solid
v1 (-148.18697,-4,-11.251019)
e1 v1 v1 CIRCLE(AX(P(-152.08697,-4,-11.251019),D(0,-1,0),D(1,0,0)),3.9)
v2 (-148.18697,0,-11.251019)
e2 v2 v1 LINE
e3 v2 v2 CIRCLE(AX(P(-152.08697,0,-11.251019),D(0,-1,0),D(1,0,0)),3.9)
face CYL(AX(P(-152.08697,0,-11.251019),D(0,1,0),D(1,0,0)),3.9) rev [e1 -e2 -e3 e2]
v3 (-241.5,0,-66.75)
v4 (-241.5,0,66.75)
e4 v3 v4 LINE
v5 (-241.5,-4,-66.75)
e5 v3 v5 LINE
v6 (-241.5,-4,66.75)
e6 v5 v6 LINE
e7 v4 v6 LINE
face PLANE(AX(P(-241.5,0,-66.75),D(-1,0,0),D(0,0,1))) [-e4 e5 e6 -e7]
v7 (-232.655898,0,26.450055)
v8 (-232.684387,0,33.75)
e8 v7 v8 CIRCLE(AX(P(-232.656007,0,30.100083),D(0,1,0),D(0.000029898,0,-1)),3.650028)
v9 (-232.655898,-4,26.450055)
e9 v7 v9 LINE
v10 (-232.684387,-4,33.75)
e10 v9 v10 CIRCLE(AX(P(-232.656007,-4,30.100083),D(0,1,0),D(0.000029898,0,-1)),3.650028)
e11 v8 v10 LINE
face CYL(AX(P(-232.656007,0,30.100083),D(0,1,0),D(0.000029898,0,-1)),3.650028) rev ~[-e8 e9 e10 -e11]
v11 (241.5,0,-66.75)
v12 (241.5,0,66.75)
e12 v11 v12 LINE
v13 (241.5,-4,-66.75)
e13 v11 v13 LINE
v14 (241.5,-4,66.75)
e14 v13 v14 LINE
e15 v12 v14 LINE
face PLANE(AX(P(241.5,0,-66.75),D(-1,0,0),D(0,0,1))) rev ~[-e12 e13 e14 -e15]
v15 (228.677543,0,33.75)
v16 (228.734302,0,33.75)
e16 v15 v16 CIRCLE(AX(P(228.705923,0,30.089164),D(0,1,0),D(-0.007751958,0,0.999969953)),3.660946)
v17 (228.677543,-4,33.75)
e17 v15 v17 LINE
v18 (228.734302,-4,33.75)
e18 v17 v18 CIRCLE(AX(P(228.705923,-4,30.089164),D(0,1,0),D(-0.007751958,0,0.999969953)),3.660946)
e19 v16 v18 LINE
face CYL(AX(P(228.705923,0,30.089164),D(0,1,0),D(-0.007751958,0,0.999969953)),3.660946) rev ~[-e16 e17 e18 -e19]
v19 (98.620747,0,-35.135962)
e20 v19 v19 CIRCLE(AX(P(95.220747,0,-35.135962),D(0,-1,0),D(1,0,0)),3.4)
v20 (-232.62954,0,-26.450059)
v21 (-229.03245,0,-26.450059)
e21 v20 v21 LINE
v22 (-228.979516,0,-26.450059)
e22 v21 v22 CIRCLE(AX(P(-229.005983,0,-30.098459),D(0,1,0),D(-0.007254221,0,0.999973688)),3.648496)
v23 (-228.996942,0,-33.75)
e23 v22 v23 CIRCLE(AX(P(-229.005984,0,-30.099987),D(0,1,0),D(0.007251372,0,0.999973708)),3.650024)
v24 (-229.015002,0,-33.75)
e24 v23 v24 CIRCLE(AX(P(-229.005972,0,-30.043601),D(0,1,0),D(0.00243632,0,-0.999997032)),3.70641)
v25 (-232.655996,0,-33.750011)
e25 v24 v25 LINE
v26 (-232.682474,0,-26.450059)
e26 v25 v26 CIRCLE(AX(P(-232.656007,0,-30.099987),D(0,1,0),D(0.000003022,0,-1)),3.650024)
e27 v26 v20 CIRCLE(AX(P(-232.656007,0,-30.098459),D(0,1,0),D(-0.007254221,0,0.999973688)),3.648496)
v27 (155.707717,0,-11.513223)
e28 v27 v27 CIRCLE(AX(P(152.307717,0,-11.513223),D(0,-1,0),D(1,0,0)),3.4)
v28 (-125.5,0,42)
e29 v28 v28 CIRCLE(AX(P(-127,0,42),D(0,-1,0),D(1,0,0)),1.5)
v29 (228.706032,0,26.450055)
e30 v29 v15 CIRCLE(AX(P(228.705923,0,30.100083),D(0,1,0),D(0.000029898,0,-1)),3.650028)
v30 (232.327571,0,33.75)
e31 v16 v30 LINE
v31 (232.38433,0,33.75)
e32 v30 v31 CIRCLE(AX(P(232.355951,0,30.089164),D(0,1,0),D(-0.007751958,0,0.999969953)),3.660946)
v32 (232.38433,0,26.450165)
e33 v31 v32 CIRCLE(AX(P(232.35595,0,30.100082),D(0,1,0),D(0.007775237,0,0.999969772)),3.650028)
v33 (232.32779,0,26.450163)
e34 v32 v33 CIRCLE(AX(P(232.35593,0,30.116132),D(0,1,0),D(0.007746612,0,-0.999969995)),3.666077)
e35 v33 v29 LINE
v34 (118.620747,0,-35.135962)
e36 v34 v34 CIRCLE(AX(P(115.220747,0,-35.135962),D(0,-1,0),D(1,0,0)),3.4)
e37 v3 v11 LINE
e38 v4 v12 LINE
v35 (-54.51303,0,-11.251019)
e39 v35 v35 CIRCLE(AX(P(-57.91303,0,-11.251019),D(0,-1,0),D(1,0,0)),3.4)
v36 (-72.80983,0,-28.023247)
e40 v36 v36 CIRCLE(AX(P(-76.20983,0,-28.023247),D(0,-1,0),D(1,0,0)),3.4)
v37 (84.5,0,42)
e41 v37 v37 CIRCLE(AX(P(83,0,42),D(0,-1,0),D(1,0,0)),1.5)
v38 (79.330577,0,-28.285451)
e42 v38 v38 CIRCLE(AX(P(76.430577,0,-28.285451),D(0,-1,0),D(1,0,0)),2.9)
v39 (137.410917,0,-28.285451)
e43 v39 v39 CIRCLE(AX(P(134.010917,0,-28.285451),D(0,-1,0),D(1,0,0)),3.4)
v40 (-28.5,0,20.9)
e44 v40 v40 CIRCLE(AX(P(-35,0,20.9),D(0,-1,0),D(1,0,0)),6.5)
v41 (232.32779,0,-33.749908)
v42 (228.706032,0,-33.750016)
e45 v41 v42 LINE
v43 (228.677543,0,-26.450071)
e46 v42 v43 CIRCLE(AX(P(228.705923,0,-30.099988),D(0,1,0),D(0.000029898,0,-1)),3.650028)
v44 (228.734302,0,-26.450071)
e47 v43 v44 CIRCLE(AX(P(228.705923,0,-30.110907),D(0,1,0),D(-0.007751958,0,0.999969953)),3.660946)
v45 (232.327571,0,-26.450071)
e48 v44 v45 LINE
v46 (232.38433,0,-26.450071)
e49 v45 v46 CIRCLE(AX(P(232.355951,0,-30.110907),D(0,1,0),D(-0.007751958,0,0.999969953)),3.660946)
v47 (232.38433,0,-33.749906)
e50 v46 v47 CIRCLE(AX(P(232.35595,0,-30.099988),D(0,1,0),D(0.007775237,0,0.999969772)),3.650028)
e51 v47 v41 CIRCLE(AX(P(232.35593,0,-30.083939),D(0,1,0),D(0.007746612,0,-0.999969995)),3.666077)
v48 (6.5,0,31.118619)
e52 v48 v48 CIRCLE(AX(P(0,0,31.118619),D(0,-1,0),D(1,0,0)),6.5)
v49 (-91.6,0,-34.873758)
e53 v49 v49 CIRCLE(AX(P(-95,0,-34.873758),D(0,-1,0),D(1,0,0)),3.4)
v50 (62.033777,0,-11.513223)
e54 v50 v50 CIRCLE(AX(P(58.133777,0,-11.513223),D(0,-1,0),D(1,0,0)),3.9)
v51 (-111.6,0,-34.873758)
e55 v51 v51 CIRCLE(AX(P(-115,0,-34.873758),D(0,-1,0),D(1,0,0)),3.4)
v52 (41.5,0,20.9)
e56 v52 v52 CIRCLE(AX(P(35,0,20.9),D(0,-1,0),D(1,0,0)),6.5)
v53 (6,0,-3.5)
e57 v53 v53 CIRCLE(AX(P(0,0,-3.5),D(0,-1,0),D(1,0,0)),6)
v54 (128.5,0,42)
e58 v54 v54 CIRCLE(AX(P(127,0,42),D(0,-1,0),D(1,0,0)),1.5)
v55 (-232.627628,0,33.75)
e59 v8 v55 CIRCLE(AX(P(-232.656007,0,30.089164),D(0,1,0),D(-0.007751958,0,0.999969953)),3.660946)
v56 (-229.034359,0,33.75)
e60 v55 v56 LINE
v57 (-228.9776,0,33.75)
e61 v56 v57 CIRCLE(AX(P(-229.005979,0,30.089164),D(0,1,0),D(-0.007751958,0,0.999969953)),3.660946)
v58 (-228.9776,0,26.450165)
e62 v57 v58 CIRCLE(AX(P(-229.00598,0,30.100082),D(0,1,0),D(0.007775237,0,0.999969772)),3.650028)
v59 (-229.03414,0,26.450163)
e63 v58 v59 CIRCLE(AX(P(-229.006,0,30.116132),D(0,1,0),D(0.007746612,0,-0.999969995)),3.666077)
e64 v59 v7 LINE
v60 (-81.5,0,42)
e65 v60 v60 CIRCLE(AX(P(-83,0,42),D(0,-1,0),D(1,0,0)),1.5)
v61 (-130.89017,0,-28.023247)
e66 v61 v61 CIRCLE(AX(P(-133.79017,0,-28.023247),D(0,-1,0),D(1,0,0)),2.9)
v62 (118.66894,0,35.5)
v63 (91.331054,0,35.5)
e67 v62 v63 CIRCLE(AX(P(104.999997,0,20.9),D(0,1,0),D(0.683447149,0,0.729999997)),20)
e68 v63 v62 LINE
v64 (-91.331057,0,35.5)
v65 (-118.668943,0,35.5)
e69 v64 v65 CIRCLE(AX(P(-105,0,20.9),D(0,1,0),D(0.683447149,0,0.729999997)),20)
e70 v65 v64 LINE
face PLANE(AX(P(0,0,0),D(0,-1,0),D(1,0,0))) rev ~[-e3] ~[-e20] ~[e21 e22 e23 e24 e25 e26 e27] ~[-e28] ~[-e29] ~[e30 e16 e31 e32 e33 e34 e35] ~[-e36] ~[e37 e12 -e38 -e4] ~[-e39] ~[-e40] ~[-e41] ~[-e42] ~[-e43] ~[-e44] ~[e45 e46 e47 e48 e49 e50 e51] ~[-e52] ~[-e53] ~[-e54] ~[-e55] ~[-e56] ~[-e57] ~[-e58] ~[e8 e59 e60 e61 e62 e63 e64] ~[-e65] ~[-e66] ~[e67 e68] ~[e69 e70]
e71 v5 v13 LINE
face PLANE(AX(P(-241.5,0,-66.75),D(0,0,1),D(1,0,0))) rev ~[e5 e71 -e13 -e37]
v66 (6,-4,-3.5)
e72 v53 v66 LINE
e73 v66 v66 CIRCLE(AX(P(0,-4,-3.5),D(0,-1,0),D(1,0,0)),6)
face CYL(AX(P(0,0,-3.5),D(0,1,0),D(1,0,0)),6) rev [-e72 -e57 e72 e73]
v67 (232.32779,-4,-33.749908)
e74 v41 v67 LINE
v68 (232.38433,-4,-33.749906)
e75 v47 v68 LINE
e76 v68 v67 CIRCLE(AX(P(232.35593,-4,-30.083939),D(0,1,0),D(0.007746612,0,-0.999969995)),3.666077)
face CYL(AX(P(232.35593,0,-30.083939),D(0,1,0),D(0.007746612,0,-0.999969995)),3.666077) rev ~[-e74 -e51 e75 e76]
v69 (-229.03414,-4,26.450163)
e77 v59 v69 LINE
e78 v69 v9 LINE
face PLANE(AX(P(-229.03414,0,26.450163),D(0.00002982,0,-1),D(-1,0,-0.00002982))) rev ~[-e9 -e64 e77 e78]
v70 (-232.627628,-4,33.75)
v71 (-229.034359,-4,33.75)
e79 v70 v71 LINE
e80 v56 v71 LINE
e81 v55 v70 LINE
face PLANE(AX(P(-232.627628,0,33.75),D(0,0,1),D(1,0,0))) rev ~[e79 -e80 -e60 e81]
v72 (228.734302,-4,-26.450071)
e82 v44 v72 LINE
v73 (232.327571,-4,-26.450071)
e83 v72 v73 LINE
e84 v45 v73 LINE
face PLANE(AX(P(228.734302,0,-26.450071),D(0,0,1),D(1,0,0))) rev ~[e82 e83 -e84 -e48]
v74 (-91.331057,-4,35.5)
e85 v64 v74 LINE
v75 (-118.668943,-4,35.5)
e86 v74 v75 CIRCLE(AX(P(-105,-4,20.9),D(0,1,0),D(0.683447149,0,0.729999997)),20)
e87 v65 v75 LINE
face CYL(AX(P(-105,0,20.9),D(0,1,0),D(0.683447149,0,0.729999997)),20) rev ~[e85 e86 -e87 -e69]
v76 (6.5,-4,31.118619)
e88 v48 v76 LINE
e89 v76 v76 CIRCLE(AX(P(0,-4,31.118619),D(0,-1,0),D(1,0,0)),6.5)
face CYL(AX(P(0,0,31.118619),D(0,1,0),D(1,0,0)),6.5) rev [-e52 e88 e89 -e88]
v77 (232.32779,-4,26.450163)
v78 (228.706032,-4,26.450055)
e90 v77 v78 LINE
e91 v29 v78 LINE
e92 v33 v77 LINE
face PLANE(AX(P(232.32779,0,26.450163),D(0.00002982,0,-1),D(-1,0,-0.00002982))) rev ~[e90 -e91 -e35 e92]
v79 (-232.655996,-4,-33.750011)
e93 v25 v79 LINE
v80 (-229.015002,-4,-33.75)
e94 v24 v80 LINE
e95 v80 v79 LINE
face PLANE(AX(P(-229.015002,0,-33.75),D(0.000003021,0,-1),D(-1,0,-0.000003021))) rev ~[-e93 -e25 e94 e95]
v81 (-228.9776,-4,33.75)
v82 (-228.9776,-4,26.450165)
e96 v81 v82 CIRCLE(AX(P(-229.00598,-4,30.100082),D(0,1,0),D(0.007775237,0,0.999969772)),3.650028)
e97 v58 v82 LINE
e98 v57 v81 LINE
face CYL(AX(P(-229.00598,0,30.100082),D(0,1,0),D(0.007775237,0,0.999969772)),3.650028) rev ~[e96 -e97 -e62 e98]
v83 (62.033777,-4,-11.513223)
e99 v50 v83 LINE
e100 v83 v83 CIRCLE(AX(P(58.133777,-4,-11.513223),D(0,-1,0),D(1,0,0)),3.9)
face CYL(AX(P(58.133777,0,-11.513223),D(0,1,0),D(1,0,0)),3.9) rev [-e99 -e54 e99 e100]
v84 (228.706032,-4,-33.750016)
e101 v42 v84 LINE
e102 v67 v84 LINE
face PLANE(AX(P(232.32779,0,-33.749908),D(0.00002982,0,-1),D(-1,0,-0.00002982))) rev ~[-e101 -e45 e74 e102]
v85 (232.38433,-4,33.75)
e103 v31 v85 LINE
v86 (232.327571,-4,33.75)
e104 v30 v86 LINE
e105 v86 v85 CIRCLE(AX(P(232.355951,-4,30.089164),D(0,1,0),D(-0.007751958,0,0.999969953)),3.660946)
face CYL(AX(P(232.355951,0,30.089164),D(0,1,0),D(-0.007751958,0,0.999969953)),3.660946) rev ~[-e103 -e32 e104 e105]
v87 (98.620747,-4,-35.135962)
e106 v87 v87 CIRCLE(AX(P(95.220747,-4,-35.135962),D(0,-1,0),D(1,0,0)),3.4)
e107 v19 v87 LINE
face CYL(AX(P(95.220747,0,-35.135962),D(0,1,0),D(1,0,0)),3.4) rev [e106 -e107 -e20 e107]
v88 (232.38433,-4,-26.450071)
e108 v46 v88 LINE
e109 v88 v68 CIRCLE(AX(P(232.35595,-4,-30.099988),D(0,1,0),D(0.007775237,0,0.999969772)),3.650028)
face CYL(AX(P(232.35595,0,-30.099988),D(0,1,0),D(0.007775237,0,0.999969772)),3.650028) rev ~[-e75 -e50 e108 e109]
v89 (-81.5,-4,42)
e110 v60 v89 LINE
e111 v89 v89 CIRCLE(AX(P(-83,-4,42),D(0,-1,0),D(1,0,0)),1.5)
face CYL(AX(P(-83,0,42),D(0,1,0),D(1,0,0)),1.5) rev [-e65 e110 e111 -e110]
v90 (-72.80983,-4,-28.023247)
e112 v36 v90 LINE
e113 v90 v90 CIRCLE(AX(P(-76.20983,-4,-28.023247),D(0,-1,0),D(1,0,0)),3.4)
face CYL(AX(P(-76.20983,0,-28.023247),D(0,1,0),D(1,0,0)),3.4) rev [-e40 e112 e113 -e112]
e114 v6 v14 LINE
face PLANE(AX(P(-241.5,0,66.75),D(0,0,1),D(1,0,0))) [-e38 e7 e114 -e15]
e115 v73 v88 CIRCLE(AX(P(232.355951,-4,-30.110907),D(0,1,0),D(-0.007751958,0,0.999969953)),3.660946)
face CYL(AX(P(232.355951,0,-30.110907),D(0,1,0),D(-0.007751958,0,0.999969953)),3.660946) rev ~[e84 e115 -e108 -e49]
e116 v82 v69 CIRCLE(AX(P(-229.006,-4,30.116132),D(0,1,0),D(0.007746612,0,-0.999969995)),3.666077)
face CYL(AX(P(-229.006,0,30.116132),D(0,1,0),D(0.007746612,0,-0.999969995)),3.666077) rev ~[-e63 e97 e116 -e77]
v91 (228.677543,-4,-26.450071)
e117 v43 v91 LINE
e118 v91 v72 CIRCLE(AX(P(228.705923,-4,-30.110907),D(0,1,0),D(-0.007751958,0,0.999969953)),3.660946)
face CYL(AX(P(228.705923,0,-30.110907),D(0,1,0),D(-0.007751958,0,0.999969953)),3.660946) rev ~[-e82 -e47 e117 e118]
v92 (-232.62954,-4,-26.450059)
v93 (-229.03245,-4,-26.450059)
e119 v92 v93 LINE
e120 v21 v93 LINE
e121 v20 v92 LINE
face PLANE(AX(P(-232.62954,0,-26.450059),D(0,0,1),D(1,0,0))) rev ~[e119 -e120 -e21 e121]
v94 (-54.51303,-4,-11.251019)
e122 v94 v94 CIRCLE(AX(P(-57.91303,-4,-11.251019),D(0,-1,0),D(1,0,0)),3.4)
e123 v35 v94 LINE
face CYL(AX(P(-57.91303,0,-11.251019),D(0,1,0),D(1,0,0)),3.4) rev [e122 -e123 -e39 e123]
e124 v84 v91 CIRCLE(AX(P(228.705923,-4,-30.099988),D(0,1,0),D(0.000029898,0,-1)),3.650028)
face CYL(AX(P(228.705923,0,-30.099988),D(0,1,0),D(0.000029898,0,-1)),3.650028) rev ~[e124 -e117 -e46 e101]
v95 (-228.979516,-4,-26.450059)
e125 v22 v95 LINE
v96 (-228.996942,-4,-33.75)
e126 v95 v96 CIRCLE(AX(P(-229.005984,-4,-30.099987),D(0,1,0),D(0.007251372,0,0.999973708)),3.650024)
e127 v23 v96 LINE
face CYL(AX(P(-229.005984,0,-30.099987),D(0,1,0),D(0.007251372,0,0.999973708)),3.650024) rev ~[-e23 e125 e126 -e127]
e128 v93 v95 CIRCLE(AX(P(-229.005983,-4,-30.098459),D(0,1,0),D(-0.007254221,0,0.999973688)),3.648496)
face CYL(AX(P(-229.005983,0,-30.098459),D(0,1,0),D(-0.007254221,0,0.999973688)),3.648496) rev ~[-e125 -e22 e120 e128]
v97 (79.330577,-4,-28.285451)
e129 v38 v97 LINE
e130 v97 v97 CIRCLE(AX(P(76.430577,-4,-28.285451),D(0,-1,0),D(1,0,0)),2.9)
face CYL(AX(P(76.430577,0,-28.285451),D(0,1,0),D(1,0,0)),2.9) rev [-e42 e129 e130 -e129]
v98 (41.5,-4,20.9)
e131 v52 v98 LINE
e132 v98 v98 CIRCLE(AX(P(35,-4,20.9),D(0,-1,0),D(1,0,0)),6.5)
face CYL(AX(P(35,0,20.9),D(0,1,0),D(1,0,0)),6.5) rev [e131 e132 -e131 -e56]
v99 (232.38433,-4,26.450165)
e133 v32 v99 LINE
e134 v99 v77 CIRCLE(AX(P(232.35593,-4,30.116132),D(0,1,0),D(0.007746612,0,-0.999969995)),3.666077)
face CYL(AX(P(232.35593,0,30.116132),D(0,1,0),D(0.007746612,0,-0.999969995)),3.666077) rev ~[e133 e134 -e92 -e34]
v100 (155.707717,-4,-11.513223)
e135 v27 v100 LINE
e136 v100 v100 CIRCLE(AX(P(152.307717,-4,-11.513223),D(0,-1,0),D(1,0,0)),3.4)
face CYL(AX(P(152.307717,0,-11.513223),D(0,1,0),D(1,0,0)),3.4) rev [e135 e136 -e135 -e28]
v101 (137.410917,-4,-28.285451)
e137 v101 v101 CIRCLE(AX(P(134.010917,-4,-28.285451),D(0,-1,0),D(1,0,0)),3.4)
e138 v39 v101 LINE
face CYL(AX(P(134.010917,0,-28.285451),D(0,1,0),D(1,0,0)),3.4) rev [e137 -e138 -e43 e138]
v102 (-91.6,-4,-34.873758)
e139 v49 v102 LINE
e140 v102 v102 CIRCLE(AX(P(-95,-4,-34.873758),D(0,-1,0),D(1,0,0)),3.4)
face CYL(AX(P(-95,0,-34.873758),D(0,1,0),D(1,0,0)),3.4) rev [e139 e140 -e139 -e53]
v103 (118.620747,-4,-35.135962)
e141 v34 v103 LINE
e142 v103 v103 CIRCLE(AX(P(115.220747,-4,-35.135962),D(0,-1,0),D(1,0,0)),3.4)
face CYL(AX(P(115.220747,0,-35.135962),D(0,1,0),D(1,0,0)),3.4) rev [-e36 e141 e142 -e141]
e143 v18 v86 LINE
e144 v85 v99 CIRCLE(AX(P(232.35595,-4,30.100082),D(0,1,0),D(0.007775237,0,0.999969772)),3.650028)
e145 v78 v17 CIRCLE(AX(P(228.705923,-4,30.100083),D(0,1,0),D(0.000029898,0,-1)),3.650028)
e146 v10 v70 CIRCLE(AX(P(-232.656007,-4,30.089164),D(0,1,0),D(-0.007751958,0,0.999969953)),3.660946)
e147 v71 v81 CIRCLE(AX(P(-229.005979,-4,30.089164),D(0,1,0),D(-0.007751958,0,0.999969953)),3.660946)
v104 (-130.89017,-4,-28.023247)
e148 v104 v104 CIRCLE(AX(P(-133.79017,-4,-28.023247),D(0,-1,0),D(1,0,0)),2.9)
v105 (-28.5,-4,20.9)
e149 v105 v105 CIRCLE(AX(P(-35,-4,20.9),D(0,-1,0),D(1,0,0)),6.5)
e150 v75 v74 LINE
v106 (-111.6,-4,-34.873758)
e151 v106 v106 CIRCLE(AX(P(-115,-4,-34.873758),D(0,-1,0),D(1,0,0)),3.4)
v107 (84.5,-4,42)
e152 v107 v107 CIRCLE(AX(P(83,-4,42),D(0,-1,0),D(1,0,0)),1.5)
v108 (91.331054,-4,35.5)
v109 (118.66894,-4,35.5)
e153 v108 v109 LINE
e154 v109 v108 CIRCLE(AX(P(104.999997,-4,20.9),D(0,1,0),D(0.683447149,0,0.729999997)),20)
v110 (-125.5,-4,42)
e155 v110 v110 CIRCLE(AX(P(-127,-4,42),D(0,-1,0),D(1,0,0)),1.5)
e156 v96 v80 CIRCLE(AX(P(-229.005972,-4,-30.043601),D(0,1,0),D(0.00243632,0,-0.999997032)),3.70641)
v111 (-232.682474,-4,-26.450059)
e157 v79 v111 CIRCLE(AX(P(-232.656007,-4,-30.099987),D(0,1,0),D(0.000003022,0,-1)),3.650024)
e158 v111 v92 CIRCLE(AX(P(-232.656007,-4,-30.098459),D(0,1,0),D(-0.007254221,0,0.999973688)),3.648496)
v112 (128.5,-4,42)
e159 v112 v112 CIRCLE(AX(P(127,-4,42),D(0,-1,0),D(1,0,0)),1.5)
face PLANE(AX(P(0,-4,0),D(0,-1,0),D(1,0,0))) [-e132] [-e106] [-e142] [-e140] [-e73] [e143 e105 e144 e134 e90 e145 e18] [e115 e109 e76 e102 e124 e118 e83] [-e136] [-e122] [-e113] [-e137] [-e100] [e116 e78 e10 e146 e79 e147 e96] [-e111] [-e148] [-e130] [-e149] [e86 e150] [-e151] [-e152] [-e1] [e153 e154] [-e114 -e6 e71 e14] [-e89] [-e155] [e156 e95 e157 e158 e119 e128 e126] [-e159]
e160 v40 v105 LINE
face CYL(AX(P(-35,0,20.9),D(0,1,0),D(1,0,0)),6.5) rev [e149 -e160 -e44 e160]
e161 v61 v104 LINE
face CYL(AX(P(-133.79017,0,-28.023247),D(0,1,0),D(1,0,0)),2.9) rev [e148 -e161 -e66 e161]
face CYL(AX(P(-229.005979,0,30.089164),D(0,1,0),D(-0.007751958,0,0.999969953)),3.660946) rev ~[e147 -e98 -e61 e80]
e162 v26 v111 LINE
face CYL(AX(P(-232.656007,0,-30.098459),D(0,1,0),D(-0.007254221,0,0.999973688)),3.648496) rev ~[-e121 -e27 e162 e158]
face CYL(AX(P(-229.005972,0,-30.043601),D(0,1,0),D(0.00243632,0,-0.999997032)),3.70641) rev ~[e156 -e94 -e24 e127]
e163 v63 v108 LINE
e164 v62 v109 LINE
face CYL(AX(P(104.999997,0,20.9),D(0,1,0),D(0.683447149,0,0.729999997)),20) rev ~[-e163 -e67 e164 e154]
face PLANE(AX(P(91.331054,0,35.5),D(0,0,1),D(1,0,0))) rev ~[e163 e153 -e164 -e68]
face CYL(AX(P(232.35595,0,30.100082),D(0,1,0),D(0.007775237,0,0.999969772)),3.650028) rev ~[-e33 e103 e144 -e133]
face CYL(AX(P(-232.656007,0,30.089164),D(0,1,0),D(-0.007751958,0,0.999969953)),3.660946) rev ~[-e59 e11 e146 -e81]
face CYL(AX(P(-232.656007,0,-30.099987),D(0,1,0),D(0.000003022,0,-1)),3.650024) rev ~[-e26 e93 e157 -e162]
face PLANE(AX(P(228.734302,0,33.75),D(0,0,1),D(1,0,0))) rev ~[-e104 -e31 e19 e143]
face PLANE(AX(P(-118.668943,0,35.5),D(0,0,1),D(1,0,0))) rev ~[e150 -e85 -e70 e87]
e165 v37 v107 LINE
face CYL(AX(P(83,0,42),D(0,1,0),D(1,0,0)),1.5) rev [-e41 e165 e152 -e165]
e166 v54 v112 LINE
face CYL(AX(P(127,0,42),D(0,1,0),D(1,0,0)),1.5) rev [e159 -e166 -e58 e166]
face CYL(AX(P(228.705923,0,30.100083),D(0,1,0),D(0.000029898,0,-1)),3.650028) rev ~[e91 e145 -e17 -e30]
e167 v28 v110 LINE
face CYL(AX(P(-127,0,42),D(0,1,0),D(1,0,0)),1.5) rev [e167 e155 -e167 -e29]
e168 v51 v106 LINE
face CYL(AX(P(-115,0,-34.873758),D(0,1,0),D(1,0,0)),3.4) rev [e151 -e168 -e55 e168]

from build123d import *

# Parameters (mm, degrees)
F0_W     = 483
F0_H     = 133.5
F0_R     = 3.4
F0_R_2   = 2.9
F0_R_3   = 3.9
F0_R_4   = 6
F0_R_5   = 6.5
F0_R_6   = 1.5
F1_DEPTH = 4


with BuildPart() as f1:
    # F0 (on Front) → F1 (new body)
    with BuildSketch(Plane.XZ):
        Rectangle(F0_W, F0_H)
        with Locations((-115, -34.873758)):
            Circle(F0_R, mode=Mode.SUBTRACT)
        with Locations((-95, -34.873758)):
            Circle(F0_R, mode=Mode.SUBTRACT)
        with BuildLine():
            ThreePointArc((-228.996942, -33.75), (-229.005972, -33.750011), (-229.015002, -33.75))
            Line((-229.015002, -33.75), (-232.655996, -33.750011))
            ThreePointArc((-232.655996, -33.750011), (-236.306007, -30.113226), (-232.682474, -26.450059))
            ThreePointArc((-232.682474, -26.450059), (-232.656007, -26.449963), (-232.62954, -26.450059))
            Line((-232.62954, -26.450059), (-229.03245, -26.450059))
            ThreePointArc((-229.03245, -26.450059), (-229.005983, -26.449963), (-228.979516, -26.450059))
            ThreePointArc((-228.979516, -26.450059), (-225.35597, -30.1087), (-228.996942, -33.75))
        make_face(mode=Mode.SUBTRACT)
        with Locations((-133.79017, -28.023247)):
            Circle(F0_R_2, mode=Mode.SUBTRACT)
        with Locations((-152.08697, -11.251019)):
            Circle(F0_R_3, mode=Mode.SUBTRACT)
        with Locations((-76.20983, -28.023247)):
            Circle(F0_R, mode=Mode.SUBTRACT)
        with Locations((-57.91303, -11.251019)):
            Circle(F0_R, mode=Mode.SUBTRACT)
        with Locations((95.220747, -35.135962)):
            Circle(F0_R, mode=Mode.SUBTRACT)
        with Locations((115.220747, -35.135962)):
            Circle(F0_R, mode=Mode.SUBTRACT)
        with Locations((76.430577, -28.285451)):
            Circle(F0_R_2, mode=Mode.SUBTRACT)
        with Locations((58.133777, -11.513223)):
            Circle(F0_R_3, mode=Mode.SUBTRACT)
        with Locations((0, -3.5)):
            Circle(F0_R_4, mode=Mode.SUBTRACT)
        with Locations((134.010917, -28.285451)):
            Circle(F0_R, mode=Mode.SUBTRACT)
        with BuildLine():
            ThreePointArc((232.38433, -33.749906), (232.35606, -33.750016), (232.32779, -33.749908))
            Line((232.32779, -33.749908), (228.706032, -33.750016))
            ThreePointArc((228.706032, -33.750016), (225.055923, -30.114233), (228.677543, -26.450071))
            ThreePointArc((228.677543, -26.450071), (228.705923, -26.449961), (228.734302, -26.450071))
            Line((228.734302, -26.450071), (232.327571, -26.450071))
            ThreePointArc((232.327571, -26.450071), (232.35595, -26.449961), (232.38433, -26.450071))
            ThreePointArc((232.38433, -26.450071), (236.005978, -30.099988), (232.38433, -33.749906))
        make_face(mode=Mode.SUBTRACT)
        with Locations((152.307717, -11.513223)):
            Circle(F0_R, mode=Mode.SUBTRACT)
        with BuildLine():
            ThreePointArc((-228.9776, 26.450165), (-229.00587, 26.450055), (-229.03414, 26.450163))
            Line((-229.03414, 26.450163), (-232.655898, 26.450055))
            ThreePointArc((-232.655898, 26.450055), (-236.306007, 30.085838), (-232.684387, 33.75))
            ThreePointArc((-232.684387, 33.75), (-232.656007, 33.75011), (-232.627628, 33.75))
            Line((-232.627628, 33.75), (-229.034359, 33.75))
            ThreePointArc((-229.034359, 33.75), (-229.005979, 33.75011), (-228.9776, 33.75))
            ThreePointArc((-228.9776, 33.75), (-225.355952, 30.100083), (-228.9776, 26.450165))
        make_face(mode=Mode.SUBTRACT)
        with BuildLine():
            ThreePointArc((-91.331057, 35.5), (-105, 0.9), (-118.668943, 35.5))
            Line((-118.668943, 35.5), (-91.331057, 35.5))
        make_face(mode=Mode.SUBTRACT)
        with Locations((-35, 20.9)):
            Circle(F0_R_5, mode=Mode.SUBTRACT)
        with Locations((0, 31.118619)):
            Circle(F0_R_5, mode=Mode.SUBTRACT)
        with Locations((-127, 42)):
            Circle(F0_R_6, mode=Mode.SUBTRACT)
        with Locations((-83, 42)):
            Circle(F0_R_6, mode=Mode.SUBTRACT)
        with Locations((35, 20.9)):
            Circle(F0_R_5, mode=Mode.SUBTRACT)
        with BuildLine():
            ThreePointArc((118.66894, 35.5), (104.999997, 0.9), (91.331054, 35.5))
            Line((91.331054, 35.5), (118.66894, 35.5))
        make_face(mode=Mode.SUBTRACT)
        with BuildLine():
            ThreePointArc((232.38433, 26.450165), (232.35606, 26.450055), (232.32779, 26.450163))
            Line((232.32779, 26.450163), (228.706032, 26.450055))
            ThreePointArc((228.706032, 26.450055), (225.055923, 30.085838), (228.677543, 33.75))
            ThreePointArc((228.677543, 33.75), (228.705923, 33.75011), (228.734302, 33.75))
            Line((228.734302, 33.75), (232.327571, 33.75))
            ThreePointArc((232.327571, 33.75), (232.35595, 33.75011), (232.38433, 33.75))
            ThreePointArc((232.38433, 33.75), (236.005978, 30.100083), (232.38433, 26.450165))
        make_face(mode=Mode.SUBTRACT)
        with Locations((83, 42)):
            Circle(F0_R_6, mode=Mode.SUBTRACT)
        with Locations((127, 42)):
            Circle(F0_R_6, mode=Mode.SUBTRACT)
    extrude(amount=F1_DEPTH)


solid = f1.part
